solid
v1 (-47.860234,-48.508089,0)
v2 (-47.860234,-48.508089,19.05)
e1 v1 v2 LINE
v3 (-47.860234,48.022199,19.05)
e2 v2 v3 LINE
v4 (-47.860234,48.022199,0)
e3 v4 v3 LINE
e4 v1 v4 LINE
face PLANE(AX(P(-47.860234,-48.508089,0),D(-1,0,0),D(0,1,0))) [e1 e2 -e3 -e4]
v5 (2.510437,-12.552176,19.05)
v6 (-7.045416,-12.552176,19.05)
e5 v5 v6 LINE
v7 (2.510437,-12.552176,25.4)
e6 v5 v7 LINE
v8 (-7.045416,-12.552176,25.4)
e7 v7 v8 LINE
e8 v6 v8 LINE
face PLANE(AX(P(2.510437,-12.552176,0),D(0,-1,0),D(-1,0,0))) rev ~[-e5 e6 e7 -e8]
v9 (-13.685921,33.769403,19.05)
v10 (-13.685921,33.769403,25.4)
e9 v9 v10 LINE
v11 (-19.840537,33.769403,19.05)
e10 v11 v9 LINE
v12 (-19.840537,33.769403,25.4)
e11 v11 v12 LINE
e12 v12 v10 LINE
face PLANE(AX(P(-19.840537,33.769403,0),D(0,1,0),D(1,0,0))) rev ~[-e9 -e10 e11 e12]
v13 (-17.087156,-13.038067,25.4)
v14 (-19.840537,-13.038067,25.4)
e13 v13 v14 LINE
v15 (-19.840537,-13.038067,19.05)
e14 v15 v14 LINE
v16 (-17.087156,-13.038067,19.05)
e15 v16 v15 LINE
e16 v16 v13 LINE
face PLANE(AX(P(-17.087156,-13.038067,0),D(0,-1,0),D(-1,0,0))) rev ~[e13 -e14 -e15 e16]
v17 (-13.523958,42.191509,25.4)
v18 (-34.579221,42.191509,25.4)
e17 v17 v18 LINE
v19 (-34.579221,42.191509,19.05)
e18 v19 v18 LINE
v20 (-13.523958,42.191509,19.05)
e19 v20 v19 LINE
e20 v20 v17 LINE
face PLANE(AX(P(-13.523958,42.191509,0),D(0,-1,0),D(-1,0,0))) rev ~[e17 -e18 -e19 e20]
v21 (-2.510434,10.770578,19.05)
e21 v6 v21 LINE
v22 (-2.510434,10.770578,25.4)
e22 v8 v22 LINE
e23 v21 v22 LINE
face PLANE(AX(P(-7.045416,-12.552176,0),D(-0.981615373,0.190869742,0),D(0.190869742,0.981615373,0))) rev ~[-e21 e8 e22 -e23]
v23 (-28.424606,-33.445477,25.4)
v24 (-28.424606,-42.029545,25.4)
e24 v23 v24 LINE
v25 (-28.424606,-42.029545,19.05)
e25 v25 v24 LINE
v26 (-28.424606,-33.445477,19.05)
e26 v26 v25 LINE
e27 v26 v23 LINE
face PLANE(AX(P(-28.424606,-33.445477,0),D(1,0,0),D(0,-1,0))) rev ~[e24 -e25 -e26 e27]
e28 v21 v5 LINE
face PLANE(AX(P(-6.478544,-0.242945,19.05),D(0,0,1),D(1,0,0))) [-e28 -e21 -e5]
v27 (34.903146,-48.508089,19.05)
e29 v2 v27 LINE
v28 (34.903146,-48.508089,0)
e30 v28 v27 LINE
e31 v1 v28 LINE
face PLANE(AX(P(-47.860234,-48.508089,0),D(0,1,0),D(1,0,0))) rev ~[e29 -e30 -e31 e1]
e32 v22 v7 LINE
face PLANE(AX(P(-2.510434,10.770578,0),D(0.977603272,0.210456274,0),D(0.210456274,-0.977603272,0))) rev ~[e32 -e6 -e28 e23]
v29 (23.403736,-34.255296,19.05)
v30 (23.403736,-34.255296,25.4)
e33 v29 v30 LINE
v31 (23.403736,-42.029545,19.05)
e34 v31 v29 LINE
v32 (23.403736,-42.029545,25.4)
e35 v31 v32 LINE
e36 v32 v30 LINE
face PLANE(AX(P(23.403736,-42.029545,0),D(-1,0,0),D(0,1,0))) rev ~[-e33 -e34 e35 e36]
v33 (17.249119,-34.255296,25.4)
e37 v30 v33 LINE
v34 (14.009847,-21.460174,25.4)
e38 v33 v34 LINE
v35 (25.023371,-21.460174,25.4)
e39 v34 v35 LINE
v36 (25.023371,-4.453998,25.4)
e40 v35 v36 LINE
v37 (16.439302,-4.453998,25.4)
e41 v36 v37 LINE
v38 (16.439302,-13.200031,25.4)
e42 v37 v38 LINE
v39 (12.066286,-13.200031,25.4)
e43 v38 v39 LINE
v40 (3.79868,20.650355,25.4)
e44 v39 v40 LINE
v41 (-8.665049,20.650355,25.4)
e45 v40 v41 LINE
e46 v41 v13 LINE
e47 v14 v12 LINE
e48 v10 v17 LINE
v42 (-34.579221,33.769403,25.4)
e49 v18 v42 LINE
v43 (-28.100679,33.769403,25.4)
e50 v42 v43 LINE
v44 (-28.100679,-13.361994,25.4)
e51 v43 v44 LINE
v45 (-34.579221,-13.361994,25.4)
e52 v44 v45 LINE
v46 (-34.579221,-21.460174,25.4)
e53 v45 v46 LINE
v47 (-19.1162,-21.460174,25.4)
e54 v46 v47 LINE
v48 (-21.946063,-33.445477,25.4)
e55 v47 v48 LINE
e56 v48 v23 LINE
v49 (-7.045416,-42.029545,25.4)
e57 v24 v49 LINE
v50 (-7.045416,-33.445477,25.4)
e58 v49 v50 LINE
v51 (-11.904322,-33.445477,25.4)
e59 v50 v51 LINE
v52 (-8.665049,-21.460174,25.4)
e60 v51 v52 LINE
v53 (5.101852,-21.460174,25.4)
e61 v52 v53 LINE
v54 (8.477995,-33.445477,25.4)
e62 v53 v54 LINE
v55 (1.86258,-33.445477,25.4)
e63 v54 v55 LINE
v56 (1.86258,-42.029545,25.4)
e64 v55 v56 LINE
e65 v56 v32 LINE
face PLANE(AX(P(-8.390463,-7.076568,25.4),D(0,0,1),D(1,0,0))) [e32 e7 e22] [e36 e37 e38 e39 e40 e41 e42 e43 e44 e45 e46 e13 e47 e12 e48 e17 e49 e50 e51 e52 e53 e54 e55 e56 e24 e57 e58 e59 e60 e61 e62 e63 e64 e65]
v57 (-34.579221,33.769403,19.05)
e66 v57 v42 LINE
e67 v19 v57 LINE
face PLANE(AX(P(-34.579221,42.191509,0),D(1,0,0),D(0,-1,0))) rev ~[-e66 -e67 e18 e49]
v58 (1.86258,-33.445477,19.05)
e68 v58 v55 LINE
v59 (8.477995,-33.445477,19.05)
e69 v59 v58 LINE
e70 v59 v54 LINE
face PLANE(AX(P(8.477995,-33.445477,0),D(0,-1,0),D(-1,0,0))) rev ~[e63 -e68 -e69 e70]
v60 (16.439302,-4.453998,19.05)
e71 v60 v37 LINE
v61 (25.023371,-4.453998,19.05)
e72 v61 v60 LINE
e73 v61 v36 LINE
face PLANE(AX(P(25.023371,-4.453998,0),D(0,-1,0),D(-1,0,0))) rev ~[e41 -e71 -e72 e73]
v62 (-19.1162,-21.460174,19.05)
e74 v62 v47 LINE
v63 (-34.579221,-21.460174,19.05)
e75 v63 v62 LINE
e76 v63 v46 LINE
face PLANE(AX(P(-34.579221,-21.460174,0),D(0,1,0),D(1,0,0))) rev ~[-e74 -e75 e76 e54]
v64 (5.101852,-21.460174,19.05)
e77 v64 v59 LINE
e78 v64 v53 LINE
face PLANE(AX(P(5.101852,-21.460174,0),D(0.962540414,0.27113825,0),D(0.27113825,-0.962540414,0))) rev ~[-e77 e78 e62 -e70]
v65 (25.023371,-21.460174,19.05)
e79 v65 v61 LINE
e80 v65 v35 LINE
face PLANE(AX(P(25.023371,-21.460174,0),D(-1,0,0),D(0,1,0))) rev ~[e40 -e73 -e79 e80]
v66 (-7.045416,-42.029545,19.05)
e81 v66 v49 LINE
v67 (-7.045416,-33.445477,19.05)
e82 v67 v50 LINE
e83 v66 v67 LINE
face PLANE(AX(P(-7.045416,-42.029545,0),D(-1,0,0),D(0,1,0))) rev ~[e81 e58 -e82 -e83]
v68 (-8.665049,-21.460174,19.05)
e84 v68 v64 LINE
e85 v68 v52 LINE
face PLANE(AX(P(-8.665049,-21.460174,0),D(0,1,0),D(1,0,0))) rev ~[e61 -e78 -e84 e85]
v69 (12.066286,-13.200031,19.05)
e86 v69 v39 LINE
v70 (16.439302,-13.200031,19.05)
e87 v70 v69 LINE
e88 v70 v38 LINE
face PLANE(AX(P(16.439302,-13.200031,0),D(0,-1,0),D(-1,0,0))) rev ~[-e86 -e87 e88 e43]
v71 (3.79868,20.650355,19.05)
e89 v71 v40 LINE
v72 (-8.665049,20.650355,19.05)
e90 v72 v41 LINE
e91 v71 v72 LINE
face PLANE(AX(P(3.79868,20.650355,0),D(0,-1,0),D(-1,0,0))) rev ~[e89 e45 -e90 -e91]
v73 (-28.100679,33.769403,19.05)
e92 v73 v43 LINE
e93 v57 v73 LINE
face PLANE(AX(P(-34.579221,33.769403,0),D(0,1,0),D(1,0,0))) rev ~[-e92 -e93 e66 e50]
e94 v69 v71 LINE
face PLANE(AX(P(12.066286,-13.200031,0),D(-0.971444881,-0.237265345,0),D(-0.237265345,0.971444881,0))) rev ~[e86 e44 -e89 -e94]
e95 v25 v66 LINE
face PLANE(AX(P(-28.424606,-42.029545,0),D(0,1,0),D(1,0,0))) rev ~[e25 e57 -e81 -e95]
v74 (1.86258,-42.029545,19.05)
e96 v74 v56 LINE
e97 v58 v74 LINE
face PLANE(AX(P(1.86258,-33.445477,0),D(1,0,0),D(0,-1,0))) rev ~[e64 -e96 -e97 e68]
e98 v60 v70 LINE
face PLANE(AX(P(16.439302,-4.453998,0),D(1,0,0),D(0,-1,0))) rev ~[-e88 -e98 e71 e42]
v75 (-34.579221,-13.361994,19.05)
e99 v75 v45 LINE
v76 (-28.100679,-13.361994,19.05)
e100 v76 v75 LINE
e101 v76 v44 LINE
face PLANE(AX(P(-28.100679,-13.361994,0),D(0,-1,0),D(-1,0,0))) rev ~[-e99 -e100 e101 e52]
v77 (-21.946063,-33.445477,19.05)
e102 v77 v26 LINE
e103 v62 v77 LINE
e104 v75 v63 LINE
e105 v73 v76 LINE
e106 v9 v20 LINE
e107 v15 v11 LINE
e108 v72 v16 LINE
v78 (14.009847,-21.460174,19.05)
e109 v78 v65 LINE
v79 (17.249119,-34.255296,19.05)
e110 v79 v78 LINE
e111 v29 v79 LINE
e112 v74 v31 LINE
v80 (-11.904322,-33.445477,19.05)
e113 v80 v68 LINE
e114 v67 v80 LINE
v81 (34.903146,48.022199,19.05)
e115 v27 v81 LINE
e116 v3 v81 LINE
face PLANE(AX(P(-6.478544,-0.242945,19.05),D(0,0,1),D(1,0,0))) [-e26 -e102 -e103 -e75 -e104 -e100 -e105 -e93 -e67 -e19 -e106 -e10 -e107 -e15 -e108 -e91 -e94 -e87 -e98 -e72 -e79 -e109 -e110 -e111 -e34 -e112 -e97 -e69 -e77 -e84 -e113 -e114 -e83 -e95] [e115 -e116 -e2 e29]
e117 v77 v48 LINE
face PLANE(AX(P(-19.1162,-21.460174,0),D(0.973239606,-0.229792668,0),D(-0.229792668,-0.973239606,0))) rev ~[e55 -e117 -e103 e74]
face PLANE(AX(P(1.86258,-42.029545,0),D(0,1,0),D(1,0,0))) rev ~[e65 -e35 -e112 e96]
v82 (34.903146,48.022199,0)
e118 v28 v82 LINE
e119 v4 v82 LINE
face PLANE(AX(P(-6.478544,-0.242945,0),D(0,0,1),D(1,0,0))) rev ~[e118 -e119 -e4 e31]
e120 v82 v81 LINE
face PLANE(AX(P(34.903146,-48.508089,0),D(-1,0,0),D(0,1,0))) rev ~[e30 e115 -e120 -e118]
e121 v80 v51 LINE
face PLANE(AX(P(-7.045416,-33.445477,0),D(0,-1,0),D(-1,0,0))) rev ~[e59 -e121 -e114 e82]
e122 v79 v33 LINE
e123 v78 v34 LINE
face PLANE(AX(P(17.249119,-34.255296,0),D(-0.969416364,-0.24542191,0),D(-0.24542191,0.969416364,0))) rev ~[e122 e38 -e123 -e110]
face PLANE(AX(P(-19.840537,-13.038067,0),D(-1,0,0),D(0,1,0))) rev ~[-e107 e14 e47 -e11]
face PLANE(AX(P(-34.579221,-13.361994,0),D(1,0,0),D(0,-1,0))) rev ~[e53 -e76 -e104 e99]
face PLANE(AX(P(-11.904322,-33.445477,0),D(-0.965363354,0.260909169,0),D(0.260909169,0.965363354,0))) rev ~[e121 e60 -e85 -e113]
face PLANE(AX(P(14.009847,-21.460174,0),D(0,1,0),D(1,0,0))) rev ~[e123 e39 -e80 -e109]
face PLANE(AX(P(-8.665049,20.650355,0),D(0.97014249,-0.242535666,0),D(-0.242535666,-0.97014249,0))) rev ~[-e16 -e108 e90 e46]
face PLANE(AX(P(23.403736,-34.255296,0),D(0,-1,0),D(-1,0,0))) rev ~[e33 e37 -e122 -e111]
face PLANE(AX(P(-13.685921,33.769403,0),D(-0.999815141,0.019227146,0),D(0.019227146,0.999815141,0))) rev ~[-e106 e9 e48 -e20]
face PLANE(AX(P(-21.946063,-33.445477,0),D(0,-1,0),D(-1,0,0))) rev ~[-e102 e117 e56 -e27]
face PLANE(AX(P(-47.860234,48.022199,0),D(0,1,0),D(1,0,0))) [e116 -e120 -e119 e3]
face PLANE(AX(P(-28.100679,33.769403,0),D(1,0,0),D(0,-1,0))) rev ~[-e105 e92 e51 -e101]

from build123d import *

# Parameters (mm, degrees)
F1_DEPTH = 25.4
F2_W     = 82.763381
F2_H     = 96.530288
F3_DEPTH = 19.05


with BuildPart() as f1:
    # F0 (on Top) → F1 (new body)
    with BuildSketch(Plane.XY):
        Polygon((-13.685921, 33.769403), (-13.523958, 42.191509), (-34.579221, 42.191509), (-34.579221, 33.769403), (-28.100679, 33.769403), (-28.100679, -13.361994), (-34.579221, -13.361994), (-34.579221, -21.460174), (-19.1162, -21.460174), (-21.946063, -33.445477), (-28.424606, -33.445477), (-28.424606, -42.029545), (-7.045416, -42.029545), (-7.045416, -33.445477), (-11.904322, -33.445477), (-8.665049, -21.460174), (5.101852, -21.460174), (8.477995, -33.445477), (1.86258, -33.445477), (1.86258, -42.029545), (23.403736, -42.029545), (23.403736, -34.255296), (17.249119, -34.255296), (14.009847, -21.460174), (25.023371, -21.460174), (25.023371, -4.453998), (16.439302, -4.453998), (16.439302, -13.200031), (12.066286, -13.200031), (3.79868, 20.650355), (-8.665049, 20.650355), (-17.087156, -13.038067), (-19.840537, -13.038067), (-19.840537, 33.769403), align=None)
        Polygon((-7.045416, -12.552176), (-2.510434, 10.770578), (2.510437, -12.552176), align=None, mode=Mode.SUBTRACT)
    extrude(amount=F1_DEPTH)

    # F2 (on Top) → F3 (join)
    with BuildSketch(Plane.XY):
        with Locations((-6.478544, -0.242945)):
            Rectangle(F2_W, F2_H)
    extrude(amount=F3_DEPTH)


solid = f1.part
